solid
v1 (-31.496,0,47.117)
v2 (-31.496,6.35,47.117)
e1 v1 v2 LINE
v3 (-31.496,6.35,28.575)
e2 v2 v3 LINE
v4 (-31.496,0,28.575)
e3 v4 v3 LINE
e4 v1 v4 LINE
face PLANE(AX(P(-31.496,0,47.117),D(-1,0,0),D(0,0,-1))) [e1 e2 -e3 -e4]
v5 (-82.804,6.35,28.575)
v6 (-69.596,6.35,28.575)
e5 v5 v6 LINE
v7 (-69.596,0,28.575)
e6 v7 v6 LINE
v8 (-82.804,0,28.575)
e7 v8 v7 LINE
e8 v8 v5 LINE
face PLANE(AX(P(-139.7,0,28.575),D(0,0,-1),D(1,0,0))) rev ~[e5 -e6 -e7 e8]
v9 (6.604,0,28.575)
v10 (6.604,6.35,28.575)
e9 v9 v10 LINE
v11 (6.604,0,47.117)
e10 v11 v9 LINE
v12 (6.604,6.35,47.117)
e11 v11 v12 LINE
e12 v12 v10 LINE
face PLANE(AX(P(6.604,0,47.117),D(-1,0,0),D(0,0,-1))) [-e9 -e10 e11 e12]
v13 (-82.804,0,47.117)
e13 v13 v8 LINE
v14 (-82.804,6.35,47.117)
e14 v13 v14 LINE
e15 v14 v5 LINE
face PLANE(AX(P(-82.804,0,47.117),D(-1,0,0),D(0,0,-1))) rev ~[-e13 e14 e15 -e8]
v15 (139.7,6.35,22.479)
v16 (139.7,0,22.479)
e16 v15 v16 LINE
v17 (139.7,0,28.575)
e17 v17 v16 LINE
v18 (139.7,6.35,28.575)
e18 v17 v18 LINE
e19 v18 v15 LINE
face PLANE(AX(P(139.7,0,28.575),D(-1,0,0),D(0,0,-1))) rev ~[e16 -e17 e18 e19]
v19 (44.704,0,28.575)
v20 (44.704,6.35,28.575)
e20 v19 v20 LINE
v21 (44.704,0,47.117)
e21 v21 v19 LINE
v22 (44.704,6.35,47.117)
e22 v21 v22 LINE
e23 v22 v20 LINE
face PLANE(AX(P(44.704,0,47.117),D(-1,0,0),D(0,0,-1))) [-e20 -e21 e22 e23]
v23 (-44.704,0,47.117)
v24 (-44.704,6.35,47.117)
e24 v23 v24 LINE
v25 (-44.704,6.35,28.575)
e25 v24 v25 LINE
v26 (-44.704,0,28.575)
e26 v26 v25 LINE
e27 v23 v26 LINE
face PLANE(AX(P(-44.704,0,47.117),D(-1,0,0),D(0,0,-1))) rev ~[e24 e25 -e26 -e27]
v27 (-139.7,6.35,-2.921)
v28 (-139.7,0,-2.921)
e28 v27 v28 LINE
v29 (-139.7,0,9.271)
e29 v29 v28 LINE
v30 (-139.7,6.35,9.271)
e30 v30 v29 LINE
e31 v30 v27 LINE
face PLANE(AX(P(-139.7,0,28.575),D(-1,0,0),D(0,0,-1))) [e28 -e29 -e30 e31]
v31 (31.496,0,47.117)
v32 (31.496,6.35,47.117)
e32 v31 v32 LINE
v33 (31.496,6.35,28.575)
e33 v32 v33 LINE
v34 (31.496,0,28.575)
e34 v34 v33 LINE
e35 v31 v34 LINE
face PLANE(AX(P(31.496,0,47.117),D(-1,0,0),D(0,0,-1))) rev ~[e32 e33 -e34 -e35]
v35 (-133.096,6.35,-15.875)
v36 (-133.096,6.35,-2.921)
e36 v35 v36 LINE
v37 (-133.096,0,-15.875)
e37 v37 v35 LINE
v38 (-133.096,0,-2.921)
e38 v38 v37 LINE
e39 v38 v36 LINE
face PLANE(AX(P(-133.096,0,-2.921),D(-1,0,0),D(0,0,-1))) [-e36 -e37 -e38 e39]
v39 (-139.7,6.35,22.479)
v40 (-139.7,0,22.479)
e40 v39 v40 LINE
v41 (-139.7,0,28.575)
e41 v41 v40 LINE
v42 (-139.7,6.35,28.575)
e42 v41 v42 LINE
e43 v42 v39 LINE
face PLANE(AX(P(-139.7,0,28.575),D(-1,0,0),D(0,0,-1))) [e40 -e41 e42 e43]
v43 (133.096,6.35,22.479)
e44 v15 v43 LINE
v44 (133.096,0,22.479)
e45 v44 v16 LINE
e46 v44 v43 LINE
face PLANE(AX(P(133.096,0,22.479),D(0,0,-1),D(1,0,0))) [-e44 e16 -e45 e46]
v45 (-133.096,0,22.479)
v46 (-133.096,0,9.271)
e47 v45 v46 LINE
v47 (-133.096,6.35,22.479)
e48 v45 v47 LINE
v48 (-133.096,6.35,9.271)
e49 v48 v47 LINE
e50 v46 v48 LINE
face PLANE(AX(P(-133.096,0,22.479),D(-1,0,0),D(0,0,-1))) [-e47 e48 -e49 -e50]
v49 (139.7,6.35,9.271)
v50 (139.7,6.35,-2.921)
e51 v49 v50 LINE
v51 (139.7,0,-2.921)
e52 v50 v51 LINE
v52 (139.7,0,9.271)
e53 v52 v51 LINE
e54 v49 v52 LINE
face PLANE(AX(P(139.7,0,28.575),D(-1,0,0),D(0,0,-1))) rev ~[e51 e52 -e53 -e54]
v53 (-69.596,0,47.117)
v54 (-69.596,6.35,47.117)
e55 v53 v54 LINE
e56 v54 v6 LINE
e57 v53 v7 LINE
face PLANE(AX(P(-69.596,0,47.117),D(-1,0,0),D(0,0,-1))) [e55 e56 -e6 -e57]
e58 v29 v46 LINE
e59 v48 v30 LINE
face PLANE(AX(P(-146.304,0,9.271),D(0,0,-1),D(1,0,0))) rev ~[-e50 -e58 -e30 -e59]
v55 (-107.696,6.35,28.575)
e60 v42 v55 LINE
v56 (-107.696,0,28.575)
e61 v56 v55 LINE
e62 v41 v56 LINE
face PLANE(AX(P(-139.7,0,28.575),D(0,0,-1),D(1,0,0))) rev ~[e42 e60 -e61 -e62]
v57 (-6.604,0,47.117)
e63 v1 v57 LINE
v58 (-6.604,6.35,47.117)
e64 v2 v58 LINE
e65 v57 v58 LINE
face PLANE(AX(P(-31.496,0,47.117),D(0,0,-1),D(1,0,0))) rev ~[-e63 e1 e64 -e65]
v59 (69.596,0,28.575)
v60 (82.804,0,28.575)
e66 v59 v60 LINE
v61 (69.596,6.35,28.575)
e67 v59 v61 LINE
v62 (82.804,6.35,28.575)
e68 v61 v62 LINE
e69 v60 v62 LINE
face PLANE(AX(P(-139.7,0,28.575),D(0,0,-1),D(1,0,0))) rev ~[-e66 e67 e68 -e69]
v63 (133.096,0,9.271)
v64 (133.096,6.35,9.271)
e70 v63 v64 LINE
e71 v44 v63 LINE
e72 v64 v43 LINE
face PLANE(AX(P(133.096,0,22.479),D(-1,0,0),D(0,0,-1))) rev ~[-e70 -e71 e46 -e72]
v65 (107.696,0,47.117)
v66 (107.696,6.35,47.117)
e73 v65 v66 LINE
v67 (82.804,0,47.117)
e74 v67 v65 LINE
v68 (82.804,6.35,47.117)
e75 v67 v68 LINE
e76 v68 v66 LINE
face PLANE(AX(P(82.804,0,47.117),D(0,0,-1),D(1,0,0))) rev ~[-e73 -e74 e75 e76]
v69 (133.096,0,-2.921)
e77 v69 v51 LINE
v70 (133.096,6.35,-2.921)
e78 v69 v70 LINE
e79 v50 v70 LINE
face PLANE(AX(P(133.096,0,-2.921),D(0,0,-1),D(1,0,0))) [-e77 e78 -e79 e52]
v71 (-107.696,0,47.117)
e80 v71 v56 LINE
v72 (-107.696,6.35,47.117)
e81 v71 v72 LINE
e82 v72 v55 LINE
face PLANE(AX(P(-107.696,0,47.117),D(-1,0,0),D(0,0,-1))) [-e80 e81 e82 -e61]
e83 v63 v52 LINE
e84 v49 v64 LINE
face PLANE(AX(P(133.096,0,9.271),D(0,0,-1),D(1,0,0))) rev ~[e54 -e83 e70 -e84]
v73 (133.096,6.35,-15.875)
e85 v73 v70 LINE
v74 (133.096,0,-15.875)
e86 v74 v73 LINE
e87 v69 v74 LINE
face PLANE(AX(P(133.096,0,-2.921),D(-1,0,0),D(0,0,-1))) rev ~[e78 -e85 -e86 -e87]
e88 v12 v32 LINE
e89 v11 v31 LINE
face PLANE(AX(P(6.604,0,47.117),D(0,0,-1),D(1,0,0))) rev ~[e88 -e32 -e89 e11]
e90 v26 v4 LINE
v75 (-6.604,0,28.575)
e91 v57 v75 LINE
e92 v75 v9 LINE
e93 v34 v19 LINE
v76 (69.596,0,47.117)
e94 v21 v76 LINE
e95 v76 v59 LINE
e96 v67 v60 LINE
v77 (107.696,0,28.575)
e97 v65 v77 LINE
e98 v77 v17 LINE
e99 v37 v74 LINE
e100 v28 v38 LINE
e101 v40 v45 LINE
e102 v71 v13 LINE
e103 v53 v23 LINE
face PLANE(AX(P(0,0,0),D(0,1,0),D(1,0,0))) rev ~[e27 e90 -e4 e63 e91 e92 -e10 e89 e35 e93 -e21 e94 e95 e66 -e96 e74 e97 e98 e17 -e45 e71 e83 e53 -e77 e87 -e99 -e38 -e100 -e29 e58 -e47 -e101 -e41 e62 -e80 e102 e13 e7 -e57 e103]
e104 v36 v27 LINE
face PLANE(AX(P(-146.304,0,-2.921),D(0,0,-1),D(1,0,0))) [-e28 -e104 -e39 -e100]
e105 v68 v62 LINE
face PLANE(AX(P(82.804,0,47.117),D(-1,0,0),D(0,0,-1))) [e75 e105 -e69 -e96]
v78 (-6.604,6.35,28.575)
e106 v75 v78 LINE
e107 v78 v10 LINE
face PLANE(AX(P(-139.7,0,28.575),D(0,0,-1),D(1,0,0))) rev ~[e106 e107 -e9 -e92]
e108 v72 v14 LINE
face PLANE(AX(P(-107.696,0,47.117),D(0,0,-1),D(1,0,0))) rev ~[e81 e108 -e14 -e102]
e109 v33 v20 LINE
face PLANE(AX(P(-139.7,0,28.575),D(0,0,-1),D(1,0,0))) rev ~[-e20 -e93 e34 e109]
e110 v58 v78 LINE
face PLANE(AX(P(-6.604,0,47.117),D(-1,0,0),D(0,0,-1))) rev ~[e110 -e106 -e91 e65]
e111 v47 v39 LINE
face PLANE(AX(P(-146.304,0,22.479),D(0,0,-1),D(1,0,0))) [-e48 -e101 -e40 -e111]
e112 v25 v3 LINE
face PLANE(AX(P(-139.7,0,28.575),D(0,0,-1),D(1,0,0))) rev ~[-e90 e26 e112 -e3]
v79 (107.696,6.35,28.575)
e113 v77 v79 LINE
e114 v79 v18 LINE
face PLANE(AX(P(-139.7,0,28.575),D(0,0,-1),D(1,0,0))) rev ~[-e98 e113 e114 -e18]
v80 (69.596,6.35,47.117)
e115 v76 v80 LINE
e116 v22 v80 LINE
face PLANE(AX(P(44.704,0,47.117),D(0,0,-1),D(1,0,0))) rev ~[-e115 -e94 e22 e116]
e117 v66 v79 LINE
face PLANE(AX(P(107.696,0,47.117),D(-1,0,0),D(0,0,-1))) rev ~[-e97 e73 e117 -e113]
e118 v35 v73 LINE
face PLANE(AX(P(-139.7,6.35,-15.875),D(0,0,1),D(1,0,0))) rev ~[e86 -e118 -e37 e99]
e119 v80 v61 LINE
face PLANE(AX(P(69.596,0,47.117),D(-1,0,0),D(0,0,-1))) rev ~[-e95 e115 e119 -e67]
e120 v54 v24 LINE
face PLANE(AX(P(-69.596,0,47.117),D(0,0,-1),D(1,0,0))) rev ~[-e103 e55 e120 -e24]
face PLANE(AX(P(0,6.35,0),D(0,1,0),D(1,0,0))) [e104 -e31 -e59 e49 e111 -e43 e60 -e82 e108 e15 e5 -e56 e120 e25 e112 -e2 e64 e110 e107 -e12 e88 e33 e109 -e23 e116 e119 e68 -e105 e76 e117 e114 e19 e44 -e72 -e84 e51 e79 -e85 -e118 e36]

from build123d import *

# Parameters (mm, degrees)
SKETCH1_W           = 279.4
SKETCH1_H           = 57.15
BOSS_EXTRUDE1_DEPTH = 6.35
SKETCH3_W           = 24.892
SKETCH3_H           = 18.542
BOSS_EXTRUDE2_DEPTH = 6.35
SKETCH4_W           = 13.208
SKETCH4_H           = 13.208
CUT_EXTRUDE2_DEPTH  = 148.568371235
SKETCH5_W           = 311.517575851
SKETCH5_H           = 12.7
CUT_EXTRUDE3_DEPTH  = 148.568371235


with BuildPart() as part:
    # Sketch1 → Boss-Extrude1 (new body)
    with BuildSketch(Plane(origin=(0, 0, 0), x_dir=(1, 0, 0), z_dir=(0, 1, 0))):
        Rectangle(SKETCH1_W, SKETCH1_H)
    extrude(amount=BOSS_EXTRUDE1_DEPTH)

    # Sketch3 → Boss-Extrude2 (add)
    with BuildSketch(Plane(origin=(0, 0, 0), x_dir=(1, 0, 0), z_dir=(0, 1, 0))):
        with Locations((-95.25, -37.846)):
            Rectangle(SKETCH3_W, SKETCH3_H)
        with Locations((-57.15, -37.846)):
            Rectangle(SKETCH3_W, SKETCH3_H)
        with Locations((-19.05, -37.846)):
            Rectangle(SKETCH3_W, SKETCH3_H)
        with Locations((19.05, -37.846)):
            Rectangle(SKETCH3_W, SKETCH3_H)
        with Locations((57.15, -37.846)):
            Rectangle(SKETCH3_W, SKETCH3_H)
        with Locations((95.25, -37.846)):
            Rectangle(SKETCH3_W, SKETCH3_H)
    extrude(amount=BOSS_EXTRUDE2_DEPTH)

    # Sketch4 → Cut-Extrude2 (cut, through all)
    with BuildSketch(Plane(origin=(0, 0, 0), x_dir=(1, 0, 0), z_dir=(0, 1, 0))):
        with Locations((-139.7, 9.525)):
            Rectangle(SKETCH4_W, SKETCH4_H)
        with Locations((-139.7, -15.875)):
            Rectangle(SKETCH4_W, SKETCH4_H)
        with Locations((139.7, -15.875)):
            Rectangle(SKETCH4_W, SKETCH4_H)
        with Locations((139.7, 9.525)):
            Rectangle(SKETCH4_W, SKETCH4_H)
    extrude(amount=CUT_EXTRUDE2_DEPTH, mode=Mode.SUBTRACT)

    # Sketch5 → Cut-Extrude3 (cut, through all)
    with BuildSketch(Plane(origin=(0, 6.35, 0), x_dir=(1, 0, 0), z_dir=(0, 1, 0))):
        with Locations((16.058787925, 22.225)):
            Rectangle(SKETCH5_W, SKETCH5_H)
    extrude(amount=-CUT_EXTRUDE3_DEPTH, mode=Mode.SUBTRACT)


solid = part.part
